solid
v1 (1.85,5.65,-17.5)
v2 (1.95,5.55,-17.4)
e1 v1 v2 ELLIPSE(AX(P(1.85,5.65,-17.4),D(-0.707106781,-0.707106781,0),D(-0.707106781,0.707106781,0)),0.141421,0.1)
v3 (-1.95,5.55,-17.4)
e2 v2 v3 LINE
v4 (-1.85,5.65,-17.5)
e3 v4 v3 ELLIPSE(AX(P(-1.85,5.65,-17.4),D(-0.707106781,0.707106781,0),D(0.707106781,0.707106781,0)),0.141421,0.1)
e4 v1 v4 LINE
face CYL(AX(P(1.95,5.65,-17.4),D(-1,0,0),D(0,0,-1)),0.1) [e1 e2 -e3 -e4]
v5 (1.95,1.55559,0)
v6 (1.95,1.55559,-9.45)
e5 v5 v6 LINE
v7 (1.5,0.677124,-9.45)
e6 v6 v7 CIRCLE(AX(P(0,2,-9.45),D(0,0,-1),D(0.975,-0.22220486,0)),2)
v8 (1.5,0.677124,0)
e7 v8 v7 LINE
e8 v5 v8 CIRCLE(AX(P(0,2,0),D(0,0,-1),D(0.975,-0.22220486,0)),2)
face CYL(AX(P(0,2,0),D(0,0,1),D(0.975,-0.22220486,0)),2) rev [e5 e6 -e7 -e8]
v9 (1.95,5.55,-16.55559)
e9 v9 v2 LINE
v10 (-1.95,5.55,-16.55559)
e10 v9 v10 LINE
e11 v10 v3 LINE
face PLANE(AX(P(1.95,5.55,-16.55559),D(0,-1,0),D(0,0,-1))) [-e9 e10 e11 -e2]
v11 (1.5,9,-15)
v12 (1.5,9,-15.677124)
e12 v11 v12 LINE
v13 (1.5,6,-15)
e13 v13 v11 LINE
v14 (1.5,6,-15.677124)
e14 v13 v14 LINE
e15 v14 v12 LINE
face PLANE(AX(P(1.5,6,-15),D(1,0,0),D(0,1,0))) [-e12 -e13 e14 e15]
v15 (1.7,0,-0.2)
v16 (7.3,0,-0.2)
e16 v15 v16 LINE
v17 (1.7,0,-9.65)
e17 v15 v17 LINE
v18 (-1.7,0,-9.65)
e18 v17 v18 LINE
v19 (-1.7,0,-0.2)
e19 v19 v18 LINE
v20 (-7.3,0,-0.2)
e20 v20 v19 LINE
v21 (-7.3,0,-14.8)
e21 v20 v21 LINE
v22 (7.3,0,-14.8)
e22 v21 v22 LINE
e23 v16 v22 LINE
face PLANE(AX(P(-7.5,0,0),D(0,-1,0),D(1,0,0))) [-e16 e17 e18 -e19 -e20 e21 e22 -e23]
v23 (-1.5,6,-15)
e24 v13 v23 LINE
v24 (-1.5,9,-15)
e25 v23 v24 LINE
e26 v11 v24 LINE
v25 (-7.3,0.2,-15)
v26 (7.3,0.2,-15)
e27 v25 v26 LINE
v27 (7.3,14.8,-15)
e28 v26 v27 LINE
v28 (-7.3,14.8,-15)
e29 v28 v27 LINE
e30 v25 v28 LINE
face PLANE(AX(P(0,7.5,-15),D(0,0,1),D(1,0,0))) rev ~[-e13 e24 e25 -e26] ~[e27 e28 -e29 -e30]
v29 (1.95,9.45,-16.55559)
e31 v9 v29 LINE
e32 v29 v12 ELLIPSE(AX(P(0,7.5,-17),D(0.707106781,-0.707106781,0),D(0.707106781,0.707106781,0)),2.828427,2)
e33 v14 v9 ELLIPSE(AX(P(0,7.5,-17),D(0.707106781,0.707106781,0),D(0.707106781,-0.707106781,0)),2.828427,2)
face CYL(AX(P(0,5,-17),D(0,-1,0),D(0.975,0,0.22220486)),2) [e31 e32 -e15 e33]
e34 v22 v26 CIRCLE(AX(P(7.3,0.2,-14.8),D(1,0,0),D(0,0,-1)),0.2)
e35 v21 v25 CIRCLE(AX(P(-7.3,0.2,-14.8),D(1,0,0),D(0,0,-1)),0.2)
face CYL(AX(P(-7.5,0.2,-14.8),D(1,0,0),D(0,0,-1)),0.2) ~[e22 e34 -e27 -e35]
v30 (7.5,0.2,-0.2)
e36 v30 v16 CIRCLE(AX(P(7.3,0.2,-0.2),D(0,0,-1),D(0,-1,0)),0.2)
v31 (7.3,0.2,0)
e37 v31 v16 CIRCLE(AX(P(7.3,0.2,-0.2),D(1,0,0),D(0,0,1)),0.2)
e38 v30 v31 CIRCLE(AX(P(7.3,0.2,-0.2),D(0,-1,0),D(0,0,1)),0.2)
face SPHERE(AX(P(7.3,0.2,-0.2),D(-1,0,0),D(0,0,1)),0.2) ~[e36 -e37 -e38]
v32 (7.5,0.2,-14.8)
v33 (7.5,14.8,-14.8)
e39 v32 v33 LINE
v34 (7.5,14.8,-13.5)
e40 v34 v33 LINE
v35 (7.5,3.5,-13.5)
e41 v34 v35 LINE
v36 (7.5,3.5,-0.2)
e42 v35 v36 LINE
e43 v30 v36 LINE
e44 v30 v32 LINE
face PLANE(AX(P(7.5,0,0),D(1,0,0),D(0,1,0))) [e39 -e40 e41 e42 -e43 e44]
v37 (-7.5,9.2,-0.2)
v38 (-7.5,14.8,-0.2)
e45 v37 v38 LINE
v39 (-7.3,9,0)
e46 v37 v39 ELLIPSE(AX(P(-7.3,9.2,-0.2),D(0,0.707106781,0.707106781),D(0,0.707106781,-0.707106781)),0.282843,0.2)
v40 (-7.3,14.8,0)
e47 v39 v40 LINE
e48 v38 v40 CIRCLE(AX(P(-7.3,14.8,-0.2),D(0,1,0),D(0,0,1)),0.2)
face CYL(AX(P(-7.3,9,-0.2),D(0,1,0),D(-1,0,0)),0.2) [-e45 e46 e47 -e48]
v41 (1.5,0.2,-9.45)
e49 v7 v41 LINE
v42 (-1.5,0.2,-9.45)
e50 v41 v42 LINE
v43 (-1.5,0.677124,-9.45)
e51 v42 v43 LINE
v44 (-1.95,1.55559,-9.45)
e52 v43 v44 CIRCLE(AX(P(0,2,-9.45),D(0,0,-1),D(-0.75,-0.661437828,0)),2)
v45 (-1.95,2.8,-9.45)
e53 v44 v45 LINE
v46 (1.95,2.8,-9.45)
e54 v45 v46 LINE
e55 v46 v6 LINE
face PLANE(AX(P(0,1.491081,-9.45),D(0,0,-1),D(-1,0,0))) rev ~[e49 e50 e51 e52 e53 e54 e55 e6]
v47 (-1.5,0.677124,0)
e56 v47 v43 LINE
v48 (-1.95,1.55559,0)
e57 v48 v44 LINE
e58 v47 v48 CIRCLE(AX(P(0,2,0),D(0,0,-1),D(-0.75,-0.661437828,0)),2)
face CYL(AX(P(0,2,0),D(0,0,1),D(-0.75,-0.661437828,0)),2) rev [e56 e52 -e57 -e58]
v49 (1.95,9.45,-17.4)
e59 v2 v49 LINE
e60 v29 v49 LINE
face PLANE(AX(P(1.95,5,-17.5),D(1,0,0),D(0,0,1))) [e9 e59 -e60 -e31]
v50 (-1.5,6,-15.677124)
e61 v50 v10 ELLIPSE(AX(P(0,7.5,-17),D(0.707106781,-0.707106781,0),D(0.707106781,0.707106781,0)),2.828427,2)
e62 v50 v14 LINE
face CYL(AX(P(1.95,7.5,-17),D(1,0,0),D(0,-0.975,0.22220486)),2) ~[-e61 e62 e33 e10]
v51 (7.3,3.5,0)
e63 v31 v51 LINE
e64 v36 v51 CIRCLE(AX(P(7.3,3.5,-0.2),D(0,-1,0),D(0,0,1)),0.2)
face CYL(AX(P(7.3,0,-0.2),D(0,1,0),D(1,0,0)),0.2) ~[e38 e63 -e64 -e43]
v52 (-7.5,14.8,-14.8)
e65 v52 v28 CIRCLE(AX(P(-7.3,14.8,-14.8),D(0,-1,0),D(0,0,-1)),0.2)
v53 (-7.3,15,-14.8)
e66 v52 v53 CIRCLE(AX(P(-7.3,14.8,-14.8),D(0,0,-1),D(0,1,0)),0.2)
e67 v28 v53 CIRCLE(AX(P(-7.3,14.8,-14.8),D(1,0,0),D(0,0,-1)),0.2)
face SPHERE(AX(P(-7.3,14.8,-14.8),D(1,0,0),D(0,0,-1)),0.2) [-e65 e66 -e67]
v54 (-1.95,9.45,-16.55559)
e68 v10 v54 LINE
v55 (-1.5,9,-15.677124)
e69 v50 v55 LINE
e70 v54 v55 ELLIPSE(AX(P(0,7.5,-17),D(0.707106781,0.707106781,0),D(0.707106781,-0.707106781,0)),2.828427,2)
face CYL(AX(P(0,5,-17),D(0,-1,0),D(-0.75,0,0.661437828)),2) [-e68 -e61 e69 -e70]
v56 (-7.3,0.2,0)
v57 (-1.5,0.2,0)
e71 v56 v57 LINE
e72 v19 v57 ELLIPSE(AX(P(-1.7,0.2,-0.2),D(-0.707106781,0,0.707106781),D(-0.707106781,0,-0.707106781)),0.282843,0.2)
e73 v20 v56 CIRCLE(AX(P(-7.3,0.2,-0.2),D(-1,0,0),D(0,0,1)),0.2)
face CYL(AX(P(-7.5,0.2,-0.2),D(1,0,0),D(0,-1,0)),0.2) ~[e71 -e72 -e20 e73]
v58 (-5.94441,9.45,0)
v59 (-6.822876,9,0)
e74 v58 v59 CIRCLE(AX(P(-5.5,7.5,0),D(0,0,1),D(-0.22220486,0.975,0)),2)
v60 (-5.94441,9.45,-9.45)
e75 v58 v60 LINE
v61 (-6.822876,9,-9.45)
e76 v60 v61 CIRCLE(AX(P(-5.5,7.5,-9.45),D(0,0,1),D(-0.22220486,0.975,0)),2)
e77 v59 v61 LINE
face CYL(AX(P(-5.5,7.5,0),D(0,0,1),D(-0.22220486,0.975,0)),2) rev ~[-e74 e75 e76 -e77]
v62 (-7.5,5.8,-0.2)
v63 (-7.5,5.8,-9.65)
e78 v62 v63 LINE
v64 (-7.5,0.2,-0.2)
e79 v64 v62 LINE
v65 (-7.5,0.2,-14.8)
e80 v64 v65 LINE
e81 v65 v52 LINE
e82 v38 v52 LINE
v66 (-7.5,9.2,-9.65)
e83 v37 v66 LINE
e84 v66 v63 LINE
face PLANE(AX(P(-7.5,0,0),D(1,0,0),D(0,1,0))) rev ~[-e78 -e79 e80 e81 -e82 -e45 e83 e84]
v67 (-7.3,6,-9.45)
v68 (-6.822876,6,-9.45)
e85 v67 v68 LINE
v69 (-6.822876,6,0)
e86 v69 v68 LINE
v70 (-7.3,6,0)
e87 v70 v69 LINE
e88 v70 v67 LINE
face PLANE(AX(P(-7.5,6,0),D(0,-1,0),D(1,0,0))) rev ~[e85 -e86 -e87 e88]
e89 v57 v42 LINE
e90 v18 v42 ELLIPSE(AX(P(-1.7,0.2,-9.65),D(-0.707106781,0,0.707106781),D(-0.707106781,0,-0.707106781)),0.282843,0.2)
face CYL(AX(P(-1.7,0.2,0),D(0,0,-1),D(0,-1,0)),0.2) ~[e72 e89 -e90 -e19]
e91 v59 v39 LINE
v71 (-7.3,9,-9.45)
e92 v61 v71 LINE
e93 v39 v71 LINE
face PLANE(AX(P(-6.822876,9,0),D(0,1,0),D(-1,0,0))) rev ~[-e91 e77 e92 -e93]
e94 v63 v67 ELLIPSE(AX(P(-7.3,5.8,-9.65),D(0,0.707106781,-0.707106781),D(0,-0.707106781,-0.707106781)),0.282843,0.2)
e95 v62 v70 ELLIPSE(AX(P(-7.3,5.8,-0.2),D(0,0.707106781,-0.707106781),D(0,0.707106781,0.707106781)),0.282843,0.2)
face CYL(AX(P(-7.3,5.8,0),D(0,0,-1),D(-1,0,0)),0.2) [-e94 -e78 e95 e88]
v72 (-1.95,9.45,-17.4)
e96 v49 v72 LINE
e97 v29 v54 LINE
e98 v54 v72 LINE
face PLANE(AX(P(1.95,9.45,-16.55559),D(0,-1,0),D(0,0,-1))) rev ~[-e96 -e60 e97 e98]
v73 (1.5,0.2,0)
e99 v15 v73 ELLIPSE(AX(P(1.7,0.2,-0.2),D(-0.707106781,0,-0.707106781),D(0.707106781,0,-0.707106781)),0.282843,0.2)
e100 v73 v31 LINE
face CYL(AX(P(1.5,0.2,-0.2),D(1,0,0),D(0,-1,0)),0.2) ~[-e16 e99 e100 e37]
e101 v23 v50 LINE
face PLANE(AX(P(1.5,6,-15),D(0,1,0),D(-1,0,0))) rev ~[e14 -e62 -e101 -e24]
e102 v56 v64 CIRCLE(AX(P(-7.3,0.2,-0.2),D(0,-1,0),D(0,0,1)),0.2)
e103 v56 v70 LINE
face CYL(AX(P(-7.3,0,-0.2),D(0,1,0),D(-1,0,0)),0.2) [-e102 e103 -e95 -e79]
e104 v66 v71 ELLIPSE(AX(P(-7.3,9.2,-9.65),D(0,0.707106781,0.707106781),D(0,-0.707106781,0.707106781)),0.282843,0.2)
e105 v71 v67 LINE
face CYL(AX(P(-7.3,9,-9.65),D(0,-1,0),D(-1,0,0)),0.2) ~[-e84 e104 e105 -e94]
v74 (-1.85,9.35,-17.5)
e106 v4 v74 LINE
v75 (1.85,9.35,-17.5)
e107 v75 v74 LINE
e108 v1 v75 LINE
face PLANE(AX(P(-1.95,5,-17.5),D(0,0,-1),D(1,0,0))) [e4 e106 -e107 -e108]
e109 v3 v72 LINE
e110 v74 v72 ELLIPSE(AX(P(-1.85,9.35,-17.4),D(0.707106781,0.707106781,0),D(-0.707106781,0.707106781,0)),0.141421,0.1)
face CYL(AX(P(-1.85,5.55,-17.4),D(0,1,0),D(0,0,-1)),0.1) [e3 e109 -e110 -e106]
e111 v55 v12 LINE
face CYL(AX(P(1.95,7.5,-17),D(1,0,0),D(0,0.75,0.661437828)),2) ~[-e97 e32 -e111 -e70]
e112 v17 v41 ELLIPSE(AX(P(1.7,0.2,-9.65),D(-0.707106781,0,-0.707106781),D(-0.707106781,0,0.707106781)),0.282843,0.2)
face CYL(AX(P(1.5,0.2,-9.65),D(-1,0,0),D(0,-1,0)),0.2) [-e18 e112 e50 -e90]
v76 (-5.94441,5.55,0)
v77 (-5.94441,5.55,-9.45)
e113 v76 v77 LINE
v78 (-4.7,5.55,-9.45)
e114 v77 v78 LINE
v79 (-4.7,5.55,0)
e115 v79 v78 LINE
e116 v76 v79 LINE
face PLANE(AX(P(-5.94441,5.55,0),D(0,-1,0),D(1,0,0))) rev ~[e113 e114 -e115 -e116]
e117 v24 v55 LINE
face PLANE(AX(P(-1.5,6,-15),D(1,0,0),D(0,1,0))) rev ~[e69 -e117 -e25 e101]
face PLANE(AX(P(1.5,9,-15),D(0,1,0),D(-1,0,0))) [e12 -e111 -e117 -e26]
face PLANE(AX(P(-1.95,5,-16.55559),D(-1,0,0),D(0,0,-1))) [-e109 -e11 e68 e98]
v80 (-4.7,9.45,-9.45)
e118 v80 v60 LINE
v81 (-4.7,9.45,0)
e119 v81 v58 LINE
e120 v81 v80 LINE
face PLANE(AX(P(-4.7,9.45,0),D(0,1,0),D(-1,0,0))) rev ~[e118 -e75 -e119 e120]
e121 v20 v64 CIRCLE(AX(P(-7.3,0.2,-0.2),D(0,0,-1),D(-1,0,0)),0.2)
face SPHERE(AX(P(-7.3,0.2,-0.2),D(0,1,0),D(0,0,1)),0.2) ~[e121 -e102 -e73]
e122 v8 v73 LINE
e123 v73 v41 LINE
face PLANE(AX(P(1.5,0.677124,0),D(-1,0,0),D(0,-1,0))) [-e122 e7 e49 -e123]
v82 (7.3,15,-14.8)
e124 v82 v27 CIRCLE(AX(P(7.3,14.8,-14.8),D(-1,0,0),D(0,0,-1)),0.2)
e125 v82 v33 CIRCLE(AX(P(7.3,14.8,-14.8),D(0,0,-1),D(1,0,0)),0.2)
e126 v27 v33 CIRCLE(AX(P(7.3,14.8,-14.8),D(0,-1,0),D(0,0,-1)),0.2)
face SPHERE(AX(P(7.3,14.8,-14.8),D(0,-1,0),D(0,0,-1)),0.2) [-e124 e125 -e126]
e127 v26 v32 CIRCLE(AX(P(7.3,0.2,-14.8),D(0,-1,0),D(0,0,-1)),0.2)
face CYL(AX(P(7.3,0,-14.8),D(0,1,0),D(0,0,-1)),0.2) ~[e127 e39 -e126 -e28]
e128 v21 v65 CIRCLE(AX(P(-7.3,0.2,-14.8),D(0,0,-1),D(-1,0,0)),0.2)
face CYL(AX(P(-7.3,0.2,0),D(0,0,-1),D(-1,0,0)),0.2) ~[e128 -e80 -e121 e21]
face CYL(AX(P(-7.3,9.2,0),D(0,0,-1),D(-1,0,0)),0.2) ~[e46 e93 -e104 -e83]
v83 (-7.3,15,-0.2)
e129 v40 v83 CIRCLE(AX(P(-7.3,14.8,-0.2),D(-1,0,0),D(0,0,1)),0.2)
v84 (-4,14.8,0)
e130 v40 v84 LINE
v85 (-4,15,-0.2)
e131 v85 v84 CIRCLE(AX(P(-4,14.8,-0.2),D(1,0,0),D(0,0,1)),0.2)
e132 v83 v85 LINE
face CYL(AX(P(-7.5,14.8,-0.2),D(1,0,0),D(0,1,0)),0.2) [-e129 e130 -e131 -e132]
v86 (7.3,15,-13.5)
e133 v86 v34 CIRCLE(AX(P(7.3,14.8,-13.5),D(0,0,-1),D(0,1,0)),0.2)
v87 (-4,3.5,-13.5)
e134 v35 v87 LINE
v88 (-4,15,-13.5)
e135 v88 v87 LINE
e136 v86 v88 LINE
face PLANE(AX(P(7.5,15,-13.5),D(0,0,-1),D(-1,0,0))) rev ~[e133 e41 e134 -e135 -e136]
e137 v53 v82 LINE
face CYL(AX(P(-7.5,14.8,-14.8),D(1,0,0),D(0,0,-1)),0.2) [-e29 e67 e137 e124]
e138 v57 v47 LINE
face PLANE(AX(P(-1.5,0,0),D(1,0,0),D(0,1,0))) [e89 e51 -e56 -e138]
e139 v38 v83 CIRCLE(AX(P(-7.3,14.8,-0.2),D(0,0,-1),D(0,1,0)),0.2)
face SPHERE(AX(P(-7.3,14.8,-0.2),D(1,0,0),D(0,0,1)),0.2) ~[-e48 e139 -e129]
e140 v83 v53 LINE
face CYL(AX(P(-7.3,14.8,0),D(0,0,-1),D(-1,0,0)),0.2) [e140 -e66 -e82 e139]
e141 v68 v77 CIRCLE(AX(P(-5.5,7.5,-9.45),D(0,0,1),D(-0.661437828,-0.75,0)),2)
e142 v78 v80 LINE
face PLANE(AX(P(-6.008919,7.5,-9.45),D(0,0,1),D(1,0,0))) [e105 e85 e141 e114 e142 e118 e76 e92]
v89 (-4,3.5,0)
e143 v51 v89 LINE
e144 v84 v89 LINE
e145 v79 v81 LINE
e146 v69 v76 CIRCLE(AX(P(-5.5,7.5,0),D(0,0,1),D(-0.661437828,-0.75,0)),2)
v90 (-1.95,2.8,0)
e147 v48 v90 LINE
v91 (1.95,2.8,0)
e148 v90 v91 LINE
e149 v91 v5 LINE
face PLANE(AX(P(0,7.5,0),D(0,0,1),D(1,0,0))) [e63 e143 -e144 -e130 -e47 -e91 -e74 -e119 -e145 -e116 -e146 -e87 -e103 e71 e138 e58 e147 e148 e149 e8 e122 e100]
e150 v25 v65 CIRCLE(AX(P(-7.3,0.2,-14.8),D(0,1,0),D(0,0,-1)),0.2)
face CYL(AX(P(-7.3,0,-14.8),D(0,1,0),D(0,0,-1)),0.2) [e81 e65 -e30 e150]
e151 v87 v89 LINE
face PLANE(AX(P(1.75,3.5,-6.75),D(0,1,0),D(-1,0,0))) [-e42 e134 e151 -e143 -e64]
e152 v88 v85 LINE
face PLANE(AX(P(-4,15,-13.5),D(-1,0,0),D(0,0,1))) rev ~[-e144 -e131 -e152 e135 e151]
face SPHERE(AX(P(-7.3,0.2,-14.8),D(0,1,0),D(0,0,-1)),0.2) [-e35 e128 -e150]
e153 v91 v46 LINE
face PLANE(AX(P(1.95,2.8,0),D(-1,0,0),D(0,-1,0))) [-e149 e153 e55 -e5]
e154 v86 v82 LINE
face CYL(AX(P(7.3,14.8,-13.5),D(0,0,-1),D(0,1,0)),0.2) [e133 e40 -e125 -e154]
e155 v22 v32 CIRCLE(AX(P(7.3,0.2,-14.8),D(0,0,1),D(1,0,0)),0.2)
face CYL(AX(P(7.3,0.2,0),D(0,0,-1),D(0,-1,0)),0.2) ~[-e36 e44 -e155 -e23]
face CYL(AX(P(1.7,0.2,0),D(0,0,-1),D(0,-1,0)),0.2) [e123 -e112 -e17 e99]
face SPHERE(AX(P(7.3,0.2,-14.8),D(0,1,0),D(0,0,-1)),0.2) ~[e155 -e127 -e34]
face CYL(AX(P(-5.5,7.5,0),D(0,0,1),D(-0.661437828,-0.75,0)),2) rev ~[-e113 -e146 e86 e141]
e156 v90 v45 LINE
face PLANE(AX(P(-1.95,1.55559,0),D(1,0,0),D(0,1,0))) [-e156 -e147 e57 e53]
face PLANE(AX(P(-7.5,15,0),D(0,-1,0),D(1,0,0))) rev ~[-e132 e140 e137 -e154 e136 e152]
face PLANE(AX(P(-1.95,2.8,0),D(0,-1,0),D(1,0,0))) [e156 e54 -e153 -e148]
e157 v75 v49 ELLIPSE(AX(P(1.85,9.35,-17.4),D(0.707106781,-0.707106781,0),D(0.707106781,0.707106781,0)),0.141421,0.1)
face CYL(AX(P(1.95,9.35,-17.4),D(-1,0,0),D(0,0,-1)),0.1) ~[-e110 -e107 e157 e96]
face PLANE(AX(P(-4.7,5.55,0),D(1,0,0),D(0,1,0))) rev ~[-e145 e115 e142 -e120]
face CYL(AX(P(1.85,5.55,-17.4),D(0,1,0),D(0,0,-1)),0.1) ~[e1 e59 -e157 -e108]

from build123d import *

# Parameters (mm, degrees)
SKETCH_1_W           = 15
SKETCH_1_H           = 15
EXTRUDE_1_DEPTH      = 15
SKETCH_2_W           = 11.5
SKETCH_2_H           = 13.5
CUT_EXTRUDE_1_DEPTH  = 11.5
CUT_EXTRUDE_2_DEPTH  = 9.45
SKETCH_4_W           = 3
SKETCH_4_H           = 3
EXTRUDE_2_DEPTH      = 1
EXTRUDE_3_DEPTH      = 2
EXTRUDE_3_DEPTH_BACK = 4
CUT_EXTRUDE_3_REACH  = 26.911
SKETCH_6_W           = 0.944409721
SKETCH_6_H           = 0.55
SKETCH_6_H_2         = 1.55
FILLET_1_R           = 0.1
FILLET_2_R           = 0.2


with BuildPart() as part:
    # 草图1 → 凸台-拉伸1 (new body)
    with BuildSketch(Plane.XY):
        with Locations((0, 7.5)):
            Rectangle(SKETCH_1_W, SKETCH_1_H)
    extrude(amount=-EXTRUDE_1_DEPTH)

    # 草图2 → 切除-拉伸1 (cut)
    with BuildSketch(Plane(origin=(0, 15, 0), x_dir=(-1, 0, 0), z_dir=(0, 1, 0))):
        with Locations((-1.75, -6.75)):
            Rectangle(SKETCH_2_W, SKETCH_2_H)
    extrude(amount=-CUT_EXTRUDE_1_DEPTH, mode=Mode.SUBTRACT)

    # 草图3 → 切除-拉伸2 (cut)
    with BuildSketch(Plane.XY):
        with BuildLine():
            Line((-1.5, 0), (-1.5, 0.677124344))
            ThreePointArc((-1.5, 0.677124344), (-1.780042303, 1.088161527), (-1.95, 1.555590279))
            Line((-1.95, 1.555590279), (-1.95, 2.8))
            Line((-1.95, 2.8), (1.95, 2.8))
            Line((1.95, 2.8), (1.95, 1.555590279))
            ThreePointArc((1.95, 1.555590279), (1.780042303, 1.088161527), (1.5, 0.677124344))
            Line((1.5, 0.677124344), (1.5, 0))
            Line((1.5, 0), (-1.5, 0))
        make_face()
        with BuildLine():
            Line((-7.5, 9), (-7.5, 6))
            Line((-7.5, 6), (-6.822875656, 6))
            ThreePointArc((-6.822875656, 6), (-6.411838473, 5.719957697), (-5.944409721, 5.55))
            Line((-5.944409721, 5.55), (-4.7, 5.55))
            Line((-4.7, 5.55), (-4.7, 9.45))
            Line((-4.7, 9.45), (-5.944409721, 9.45))
            ThreePointArc((-5.944409721, 9.45), (-6.411838473, 9.280042303), (-6.822875656, 9))
            Line((-6.822875656, 9), (-7.5, 9))
        make_face()
    extrude(amount=-CUT_EXTRUDE_2_DEPTH, mode=Mode.SUBTRACT)

    # 草图4 → 凸台-拉伸2 (add)
    with BuildSketch(Plane(origin=(0, 0, -15), x_dir=(-1, 0, 0), z_dir=(0, 0, -1))):
        with Locations((0, 7.5)):
            Rectangle(SKETCH_4_W, SKETCH_4_H)
    extrude(amount=EXTRUDE_2_DEPTH)

    # 草图5 → 凸台-拉伸3 (add, two sides: drawn at the far end of the back side and taken through both)
    with BuildSketch(Plane(origin=(0, 9, 0), x_dir=(-1, 0, 0), z_dir=(0, 1, 0)).offset(-EXTRUDE_3_DEPTH_BACK)):
        with BuildLine():
            Line((1.95, -17.5), (-1.95, -17.5))
            Line((-1.95, -17.5), (-1.95, -16.555590279))
            ThreePointArc((-1.95, -16.555590279), (-1.780042303, -16.088161527), (-1.5, -15.677124344))
            Line((-1.5, -15.677124344), (1.5, -15.677124344))
            ThreePointArc((1.5, -15.677124344), (1.780042303, -16.088161527), (1.95, -16.555590279))
            Line((1.95, -16.555590279), (1.95, -17.5))
        make_face()
    extrude(amount=EXTRUDE_3_DEPTH + EXTRUDE_3_DEPTH_BACK)

    # 草图6 → 切除-拉伸3 (cut, up to next)
    with BuildSketch(Plane(origin=(1.95, 0, 0), x_dir=(0, 0, -1), z_dir=(1, 0, 0)), mode=Mode.PRIVATE) as cut_extrude_3_sk1:
        with BuildLine():
            Line((16.555590279, 5), (16.555590279, 5.55))
            ThreePointArc((16.555590279, 5.55), (16.088161527, 5.719957697), (15.677124344, 6))
            Line((15.677124344, 6), (15.677124344, 5))
            Line((15.677124344, 5), (16.555590279, 5))
        make_face()
    cut_extrude_3_tool1 = extrude(cut_extrude_3_sk1.sketch, amount=-CUT_EXTRUDE_3_REACH, mode=Mode.PRIVATE) & part.part
    # 草图6 → 切除-拉伸3 (cut, up to next)
    with BuildSketch(Plane(origin=(1.95, 0, 0), x_dir=(0, 0, -1), z_dir=(1, 0, 0)), mode=Mode.PRIVATE) as cut_extrude_3_sk2:
        with Locations((17.02779514, 5.275)):
            Rectangle(SKETCH_6_W, SKETCH_6_H)
    cut_extrude_3_tool2 = extrude(cut_extrude_3_sk2.sketch, amount=-CUT_EXTRUDE_3_REACH, mode=Mode.PRIVATE) & part.part
    # 草图6 → 切除-拉伸3 (cut, up to next)
    with BuildSketch(Plane(origin=(1.95, 0, 0), x_dir=(0, 0, -1), z_dir=(1, 0, 0)), mode=Mode.PRIVATE) as cut_extrude_3_sk3:
        with Locations((17.02779514, 10.225)):
            Rectangle(SKETCH_6_W, SKETCH_6_H_2)
    cut_extrude_3_tool3 = extrude(cut_extrude_3_sk3.sketch, amount=-CUT_EXTRUDE_3_REACH, mode=Mode.PRIVATE) & part.part
    # 草图6 → 切除-拉伸3 (cut, up to next)
    with BuildSketch(Plane(origin=(1.95, 0, 0), x_dir=(0, 0, -1), z_dir=(1, 0, 0)), mode=Mode.PRIVATE) as cut_extrude_3_sk4:
        with BuildLine():
            ThreePointArc((15.677124344, 9), (16.088161527, 9.280042303), (16.555590279, 9.45))
            Line((16.555590279, 9.45), (16.555590279, 11))
            Line((16.555590279, 11), (15.677124344, 11))
            Line((15.677124344, 11), (15.677124344, 9))
        make_face()
    cut_extrude_3_tool4 = extrude(cut_extrude_3_sk4.sketch, amount=-CUT_EXTRUDE_3_REACH, mode=Mode.PRIVATE) & part.part
    add(cut_extrude_3_tool1.solids().sort_by_distance((1.95, 5.375771, -16.07186))[0], mode=Mode.SUBTRACT)
    add(cut_extrude_3_tool2.solids().sort_by_distance((1.95, 5.275, -17.027795))[0], mode=Mode.SUBTRACT)
    add(cut_extrude_3_tool3.solids().sort_by_distance((1.95, 10.225, -17.027795))[0], mode=Mode.SUBTRACT)
    add(cut_extrude_3_tool4.solids().sort_by_distance((1.95, 10.130885, -16.097603))[0], mode=Mode.SUBTRACT)

    # 圆角1
    fillet_1_edges = [part.edges().sort_by_distance(p)[0] for p in [
        (1.95, 7.5, -17.5),
        (-1.95, 7.5, -17.5),
        (0, 5.55, -17.5),
        (0, 9.45, -17.5),
    ]]
    fillet(fillet_1_edges, radius=FILLET_1_R)

    # 圆角2
    fillet_2_edges = [part.edges().sort_by_distance(p)[0] for p in [
        (7.5, 7.5, -15),
        (0, 15, -15),
        (-5.75, 15, 0),
        (4.5, 0, 0),
        (0, 0, -9.45),
        (1.5, 0, -4.725),
        (-1.5, 0, -4.725),
        (-7.5, 7.5, -15),
        (7.5, 1.75, 0),
        (-7.5, 3, 0),
        (-4.5, 0, 0),
        (-7.5, 7.5, -9.45),
        (-7.5, 6, -4.725),
        (-7.5, 9, -4.725),
        (-7.5, 12, 0),
        (0, 0, -15),
        (-7.5, 15, -7.5),
        (7.5, 15, -14.25),
        (7.5, 0, -7.5),
        (-7.5, 0, -7.5),
    ]]
    fillet(fillet_2_edges, radius=FILLET_2_R)


solid = part.part
